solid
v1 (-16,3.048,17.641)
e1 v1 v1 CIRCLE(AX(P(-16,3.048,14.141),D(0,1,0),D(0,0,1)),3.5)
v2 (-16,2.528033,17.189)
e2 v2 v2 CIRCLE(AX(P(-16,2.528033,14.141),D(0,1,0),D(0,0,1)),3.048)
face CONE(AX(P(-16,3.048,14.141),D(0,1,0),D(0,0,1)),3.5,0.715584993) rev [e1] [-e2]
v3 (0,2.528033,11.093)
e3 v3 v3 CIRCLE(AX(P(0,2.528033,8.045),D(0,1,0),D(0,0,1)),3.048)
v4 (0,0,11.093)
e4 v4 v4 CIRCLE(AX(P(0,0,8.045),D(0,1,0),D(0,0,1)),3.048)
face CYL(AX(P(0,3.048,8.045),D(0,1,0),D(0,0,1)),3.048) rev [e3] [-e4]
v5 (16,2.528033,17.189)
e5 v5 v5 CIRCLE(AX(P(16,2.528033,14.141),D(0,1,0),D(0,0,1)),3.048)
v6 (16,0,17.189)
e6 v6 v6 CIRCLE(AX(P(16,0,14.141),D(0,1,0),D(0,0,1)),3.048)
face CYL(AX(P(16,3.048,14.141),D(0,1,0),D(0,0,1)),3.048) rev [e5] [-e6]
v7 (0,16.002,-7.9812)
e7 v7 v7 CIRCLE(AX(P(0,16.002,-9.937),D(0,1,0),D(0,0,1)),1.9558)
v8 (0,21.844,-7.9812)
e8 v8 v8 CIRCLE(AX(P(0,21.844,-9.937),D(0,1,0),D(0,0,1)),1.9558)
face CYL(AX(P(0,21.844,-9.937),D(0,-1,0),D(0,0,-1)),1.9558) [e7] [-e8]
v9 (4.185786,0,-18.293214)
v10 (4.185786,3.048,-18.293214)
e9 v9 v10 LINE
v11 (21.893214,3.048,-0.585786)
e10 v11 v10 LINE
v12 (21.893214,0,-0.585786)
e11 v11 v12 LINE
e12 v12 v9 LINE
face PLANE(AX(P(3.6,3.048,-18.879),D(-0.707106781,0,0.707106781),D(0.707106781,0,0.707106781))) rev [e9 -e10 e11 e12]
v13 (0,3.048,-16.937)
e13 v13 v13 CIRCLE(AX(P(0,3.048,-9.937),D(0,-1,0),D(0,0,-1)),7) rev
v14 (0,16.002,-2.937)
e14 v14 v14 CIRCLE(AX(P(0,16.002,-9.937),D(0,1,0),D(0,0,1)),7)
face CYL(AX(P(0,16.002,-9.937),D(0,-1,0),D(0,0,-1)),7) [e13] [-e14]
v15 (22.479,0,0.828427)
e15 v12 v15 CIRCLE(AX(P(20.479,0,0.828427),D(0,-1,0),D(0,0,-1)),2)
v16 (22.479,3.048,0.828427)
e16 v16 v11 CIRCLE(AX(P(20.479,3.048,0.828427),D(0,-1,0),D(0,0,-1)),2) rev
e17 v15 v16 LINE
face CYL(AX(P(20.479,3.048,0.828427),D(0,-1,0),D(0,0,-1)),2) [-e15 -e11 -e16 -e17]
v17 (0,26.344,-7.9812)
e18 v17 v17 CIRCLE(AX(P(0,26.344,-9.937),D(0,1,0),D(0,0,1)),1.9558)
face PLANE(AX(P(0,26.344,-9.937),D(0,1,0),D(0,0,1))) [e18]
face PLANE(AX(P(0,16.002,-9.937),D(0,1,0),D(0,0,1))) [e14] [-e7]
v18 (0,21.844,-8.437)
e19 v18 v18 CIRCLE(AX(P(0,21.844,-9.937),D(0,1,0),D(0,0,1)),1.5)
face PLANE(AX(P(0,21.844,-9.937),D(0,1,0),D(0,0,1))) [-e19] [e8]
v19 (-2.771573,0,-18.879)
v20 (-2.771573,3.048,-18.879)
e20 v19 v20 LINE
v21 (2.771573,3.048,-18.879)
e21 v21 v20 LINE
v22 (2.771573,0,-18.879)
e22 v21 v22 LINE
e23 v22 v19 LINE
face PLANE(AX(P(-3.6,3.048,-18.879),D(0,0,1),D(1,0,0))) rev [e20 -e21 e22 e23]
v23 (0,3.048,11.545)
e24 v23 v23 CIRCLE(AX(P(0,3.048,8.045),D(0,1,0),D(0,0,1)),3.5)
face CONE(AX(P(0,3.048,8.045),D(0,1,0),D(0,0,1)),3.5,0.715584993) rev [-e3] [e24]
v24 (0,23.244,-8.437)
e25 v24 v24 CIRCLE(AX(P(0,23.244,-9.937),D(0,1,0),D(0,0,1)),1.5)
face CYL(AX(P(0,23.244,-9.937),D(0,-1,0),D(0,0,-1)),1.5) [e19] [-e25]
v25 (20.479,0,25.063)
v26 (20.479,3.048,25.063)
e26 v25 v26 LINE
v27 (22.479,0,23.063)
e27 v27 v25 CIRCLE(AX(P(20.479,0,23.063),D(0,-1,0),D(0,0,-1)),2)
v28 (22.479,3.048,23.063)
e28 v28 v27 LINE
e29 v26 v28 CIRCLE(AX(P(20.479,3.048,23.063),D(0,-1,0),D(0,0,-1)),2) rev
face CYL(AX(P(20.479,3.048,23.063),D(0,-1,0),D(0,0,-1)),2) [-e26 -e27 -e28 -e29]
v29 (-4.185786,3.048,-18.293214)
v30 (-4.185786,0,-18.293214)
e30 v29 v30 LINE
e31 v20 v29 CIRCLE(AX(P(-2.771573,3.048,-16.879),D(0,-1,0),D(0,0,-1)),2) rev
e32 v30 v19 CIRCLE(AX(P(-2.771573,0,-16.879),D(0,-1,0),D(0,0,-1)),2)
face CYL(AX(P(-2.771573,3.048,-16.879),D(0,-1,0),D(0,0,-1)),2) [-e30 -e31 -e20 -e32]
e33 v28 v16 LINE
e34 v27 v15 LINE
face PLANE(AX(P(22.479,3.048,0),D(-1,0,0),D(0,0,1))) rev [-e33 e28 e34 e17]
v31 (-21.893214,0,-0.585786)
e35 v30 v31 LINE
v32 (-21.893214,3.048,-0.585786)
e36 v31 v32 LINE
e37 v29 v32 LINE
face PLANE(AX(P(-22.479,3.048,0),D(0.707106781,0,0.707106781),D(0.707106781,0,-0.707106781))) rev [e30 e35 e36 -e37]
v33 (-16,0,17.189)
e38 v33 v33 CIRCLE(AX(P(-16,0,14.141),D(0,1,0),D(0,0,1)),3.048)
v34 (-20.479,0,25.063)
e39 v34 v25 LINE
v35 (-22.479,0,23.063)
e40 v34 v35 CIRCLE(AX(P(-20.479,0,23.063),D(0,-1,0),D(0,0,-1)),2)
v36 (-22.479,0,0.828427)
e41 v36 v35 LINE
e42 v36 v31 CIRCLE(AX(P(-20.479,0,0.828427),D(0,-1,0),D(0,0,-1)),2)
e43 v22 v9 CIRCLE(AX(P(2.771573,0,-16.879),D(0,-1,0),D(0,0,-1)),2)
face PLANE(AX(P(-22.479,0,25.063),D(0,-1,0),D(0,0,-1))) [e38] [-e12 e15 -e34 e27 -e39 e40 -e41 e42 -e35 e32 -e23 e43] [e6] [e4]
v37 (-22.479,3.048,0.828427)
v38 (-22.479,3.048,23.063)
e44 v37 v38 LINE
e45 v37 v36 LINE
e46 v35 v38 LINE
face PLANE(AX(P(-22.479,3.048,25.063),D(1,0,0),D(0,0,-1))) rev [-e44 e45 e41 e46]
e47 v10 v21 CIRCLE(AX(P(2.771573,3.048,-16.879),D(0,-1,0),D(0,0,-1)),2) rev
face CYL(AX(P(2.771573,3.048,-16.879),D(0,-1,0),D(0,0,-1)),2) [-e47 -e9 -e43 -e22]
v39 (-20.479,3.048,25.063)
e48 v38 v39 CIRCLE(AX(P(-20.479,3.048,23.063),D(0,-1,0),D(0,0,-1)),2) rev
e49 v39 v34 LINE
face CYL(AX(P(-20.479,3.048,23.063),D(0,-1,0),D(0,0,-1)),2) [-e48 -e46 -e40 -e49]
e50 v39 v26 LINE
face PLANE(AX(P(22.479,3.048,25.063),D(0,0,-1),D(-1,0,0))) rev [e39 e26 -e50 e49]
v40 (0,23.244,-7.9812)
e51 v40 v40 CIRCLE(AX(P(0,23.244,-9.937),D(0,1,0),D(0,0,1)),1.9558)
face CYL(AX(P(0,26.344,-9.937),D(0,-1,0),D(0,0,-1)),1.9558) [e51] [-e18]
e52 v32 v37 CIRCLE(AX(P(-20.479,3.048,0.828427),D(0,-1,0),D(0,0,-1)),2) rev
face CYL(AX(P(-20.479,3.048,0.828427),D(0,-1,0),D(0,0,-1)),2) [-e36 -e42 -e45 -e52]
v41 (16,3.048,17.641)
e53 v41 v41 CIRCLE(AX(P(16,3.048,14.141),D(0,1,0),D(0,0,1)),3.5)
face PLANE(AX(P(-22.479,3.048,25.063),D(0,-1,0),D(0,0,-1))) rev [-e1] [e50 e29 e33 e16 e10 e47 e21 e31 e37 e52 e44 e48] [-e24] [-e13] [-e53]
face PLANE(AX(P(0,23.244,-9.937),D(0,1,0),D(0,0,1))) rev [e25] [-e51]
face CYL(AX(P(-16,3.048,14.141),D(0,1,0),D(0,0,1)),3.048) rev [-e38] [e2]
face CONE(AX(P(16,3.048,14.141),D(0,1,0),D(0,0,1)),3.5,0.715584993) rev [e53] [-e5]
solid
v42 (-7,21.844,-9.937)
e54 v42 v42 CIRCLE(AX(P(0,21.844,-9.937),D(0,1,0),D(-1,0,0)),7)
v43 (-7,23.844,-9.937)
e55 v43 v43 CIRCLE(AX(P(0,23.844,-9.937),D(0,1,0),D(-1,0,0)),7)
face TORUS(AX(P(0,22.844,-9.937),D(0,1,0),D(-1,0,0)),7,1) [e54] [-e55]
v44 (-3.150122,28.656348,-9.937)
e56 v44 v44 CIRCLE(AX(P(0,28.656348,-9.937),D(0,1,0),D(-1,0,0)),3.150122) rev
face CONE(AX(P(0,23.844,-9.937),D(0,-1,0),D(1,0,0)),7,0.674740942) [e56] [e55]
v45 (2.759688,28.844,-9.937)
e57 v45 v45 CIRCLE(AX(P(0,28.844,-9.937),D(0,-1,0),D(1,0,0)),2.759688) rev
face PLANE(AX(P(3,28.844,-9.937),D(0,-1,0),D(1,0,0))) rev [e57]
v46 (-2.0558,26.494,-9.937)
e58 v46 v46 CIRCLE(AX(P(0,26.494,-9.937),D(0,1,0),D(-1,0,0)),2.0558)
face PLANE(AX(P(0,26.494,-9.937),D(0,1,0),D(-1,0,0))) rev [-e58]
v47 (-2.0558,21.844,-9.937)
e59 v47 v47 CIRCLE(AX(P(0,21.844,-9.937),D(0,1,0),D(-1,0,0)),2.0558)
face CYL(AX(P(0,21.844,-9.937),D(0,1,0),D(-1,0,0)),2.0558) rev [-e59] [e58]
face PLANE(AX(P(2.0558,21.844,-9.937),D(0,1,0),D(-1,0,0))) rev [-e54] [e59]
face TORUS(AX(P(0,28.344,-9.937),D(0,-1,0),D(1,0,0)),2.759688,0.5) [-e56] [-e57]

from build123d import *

# Parameters (mm, degrees)
EXTRUDE1_DEPTH   = 3.048
HOLE1_AT_2_COUNT = 2
HOLE1_AT_2_PITCH = 17.121951291
HOLE1_AT_3_COUNT = 2
HOLE1_AT_3_PITCH = 17.121951291
SKETCH4_R        = 7
EXTRUDE2_DEPTH   = 12.954
SKETCH5_R        = 1.9558
EXTRUDE3_DEPTH   = 5.842
SKETCH6_R        = 1.5
EXTRUDE4_DEPTH   = 1.4
SKETCH7_R        = 1.9558
EXTRUDE6_DEPTH   = 3.1
FILLET1_R        = 0.5
FILLET2_R        = 2


with BuildPart() as part:
    # Sketch1 → Extrude1 (new body)
    with BuildSketch(Plane(origin=(0, 0, 0), x_dir=(1, 0, 0), z_dir=(0, 1, 0))):
        Polygon((-22.479, -25.063), (-22.479, 0), (-3.6, 18.879), (3.6, 18.879), (22.479, 0), (22.479, -25.063), align=None)
    extrude(amount=EXTRUDE1_DEPTH)

    # Sketch2 → Hole1 (revolve, cut)
    with BuildSketch(Plane(origin=(0, 3.048, 8.045), x_dir=(0, 0, 1), z_dir=(1, 0, 0))):
        Polygon((0, 0), (0, 3.048), (3.048, 3.048), (3.048, 0.51996652), (3.5, 0), align=None)
    hole1 = revolve(axis=Axis((0, 9.493314094, 8.045), (0, -1, 0)), mode=Mode.SUBTRACT)

    # Hole1 at 2: Hole1 ×2
    with Locations(*[Vector(0.934472931, 0, 0.356034187) * (i * HOLE1_AT_2_PITCH) for i in range(1, HOLE1_AT_2_COUNT)]):
        add(hole1, mode=Mode.SUBTRACT)

    # Hole1 at 3: Hole1 ×2
    with Locations(*[Vector(-0.934472931, 0, 0.356034187) * (i * HOLE1_AT_3_PITCH) for i in range(1, HOLE1_AT_3_COUNT)]):
        add(hole1, mode=Mode.SUBTRACT)

    # Sketch4 → Extrude2 (add)
    with BuildSketch(Plane(origin=(0, 3.048, 0), x_dir=(-1, 0, 0), z_dir=(0, 1, 0))):
        with Locations((0, -9.937)):
            Circle(SKETCH4_R)
    extrude(amount=EXTRUDE2_DEPTH)

    # Sketch5 → Extrude3 (add)
    with BuildSketch(Plane(origin=(0, 16.002, 0), x_dir=(-1, 0, 0), z_dir=(0, 1, 0))):
        with Locations((0, -9.937)):
            Circle(SKETCH5_R)
    extrude(amount=EXTRUDE3_DEPTH)

    # Sketch6 → Extrude4 (add)
    with BuildSketch(Plane(origin=(0, 21.844, 0), x_dir=(-1, 0, 0), z_dir=(0, 1, 0))):
        with Locations((0, -9.937)):
            Circle(SKETCH6_R)
    extrude(amount=EXTRUDE4_DEPTH)

    # Sketch7 → Extrude6 (add)
    with BuildSketch(Plane(origin=(0, 23.244, 0), x_dir=(-1, 0, 0), z_dir=(0, 1, 0))):
        with Locations((0, -9.937)):
            Circle(SKETCH7_R)
    extrude(amount=EXTRUDE6_DEPTH)

    # Fillet2
    fillet2_edges = [part.edges().sort_by_distance(p)[0] for p in [
        (-22.479, 1.524, 25.063),
        (-22.479, 1.524, 0),
        (-3.6, 1.524, -18.879),
        (3.6, 1.524, -18.879),
        (22.479, 1.524, 0),
        (22.479, 1.524, 25.063),
    ]]
    fillet(fillet2_edges, radius=FILLET2_R)


with BuildPart() as body_2:
    # Sketch8 → Revolve1 (revolve)
    with BuildSketch(Plane.XY.offset(-9.937)):
        with BuildLine():
            Line((7, 23.844), (3, 28.844))
            Line((3, 28.844), (0, 28.844))
            Line((0, 28.844), (0, 26.494))
            Line((0, 26.494), (2.0558, 26.494))
            Line((2.0558, 26.494), (2.0558, 21.844))
            Line((2.0558, 21.844), (7, 21.844))
            ThreePointArc((7, 21.844), (8, 22.844), (7, 23.844))
        make_face()
    revolve(axis=Axis((0, 21.844, -9.937), (0, -1, 0)))

    # Fillet1
    fillet1_edges = [body_2.edges().sort_by_distance(p)[0] for p in [
        (-3, 28.844, -9.937),
    ]]
    fillet(fillet1_edges, radius=FILLET1_R)


solid = Compound([part.part, body_2.part])
